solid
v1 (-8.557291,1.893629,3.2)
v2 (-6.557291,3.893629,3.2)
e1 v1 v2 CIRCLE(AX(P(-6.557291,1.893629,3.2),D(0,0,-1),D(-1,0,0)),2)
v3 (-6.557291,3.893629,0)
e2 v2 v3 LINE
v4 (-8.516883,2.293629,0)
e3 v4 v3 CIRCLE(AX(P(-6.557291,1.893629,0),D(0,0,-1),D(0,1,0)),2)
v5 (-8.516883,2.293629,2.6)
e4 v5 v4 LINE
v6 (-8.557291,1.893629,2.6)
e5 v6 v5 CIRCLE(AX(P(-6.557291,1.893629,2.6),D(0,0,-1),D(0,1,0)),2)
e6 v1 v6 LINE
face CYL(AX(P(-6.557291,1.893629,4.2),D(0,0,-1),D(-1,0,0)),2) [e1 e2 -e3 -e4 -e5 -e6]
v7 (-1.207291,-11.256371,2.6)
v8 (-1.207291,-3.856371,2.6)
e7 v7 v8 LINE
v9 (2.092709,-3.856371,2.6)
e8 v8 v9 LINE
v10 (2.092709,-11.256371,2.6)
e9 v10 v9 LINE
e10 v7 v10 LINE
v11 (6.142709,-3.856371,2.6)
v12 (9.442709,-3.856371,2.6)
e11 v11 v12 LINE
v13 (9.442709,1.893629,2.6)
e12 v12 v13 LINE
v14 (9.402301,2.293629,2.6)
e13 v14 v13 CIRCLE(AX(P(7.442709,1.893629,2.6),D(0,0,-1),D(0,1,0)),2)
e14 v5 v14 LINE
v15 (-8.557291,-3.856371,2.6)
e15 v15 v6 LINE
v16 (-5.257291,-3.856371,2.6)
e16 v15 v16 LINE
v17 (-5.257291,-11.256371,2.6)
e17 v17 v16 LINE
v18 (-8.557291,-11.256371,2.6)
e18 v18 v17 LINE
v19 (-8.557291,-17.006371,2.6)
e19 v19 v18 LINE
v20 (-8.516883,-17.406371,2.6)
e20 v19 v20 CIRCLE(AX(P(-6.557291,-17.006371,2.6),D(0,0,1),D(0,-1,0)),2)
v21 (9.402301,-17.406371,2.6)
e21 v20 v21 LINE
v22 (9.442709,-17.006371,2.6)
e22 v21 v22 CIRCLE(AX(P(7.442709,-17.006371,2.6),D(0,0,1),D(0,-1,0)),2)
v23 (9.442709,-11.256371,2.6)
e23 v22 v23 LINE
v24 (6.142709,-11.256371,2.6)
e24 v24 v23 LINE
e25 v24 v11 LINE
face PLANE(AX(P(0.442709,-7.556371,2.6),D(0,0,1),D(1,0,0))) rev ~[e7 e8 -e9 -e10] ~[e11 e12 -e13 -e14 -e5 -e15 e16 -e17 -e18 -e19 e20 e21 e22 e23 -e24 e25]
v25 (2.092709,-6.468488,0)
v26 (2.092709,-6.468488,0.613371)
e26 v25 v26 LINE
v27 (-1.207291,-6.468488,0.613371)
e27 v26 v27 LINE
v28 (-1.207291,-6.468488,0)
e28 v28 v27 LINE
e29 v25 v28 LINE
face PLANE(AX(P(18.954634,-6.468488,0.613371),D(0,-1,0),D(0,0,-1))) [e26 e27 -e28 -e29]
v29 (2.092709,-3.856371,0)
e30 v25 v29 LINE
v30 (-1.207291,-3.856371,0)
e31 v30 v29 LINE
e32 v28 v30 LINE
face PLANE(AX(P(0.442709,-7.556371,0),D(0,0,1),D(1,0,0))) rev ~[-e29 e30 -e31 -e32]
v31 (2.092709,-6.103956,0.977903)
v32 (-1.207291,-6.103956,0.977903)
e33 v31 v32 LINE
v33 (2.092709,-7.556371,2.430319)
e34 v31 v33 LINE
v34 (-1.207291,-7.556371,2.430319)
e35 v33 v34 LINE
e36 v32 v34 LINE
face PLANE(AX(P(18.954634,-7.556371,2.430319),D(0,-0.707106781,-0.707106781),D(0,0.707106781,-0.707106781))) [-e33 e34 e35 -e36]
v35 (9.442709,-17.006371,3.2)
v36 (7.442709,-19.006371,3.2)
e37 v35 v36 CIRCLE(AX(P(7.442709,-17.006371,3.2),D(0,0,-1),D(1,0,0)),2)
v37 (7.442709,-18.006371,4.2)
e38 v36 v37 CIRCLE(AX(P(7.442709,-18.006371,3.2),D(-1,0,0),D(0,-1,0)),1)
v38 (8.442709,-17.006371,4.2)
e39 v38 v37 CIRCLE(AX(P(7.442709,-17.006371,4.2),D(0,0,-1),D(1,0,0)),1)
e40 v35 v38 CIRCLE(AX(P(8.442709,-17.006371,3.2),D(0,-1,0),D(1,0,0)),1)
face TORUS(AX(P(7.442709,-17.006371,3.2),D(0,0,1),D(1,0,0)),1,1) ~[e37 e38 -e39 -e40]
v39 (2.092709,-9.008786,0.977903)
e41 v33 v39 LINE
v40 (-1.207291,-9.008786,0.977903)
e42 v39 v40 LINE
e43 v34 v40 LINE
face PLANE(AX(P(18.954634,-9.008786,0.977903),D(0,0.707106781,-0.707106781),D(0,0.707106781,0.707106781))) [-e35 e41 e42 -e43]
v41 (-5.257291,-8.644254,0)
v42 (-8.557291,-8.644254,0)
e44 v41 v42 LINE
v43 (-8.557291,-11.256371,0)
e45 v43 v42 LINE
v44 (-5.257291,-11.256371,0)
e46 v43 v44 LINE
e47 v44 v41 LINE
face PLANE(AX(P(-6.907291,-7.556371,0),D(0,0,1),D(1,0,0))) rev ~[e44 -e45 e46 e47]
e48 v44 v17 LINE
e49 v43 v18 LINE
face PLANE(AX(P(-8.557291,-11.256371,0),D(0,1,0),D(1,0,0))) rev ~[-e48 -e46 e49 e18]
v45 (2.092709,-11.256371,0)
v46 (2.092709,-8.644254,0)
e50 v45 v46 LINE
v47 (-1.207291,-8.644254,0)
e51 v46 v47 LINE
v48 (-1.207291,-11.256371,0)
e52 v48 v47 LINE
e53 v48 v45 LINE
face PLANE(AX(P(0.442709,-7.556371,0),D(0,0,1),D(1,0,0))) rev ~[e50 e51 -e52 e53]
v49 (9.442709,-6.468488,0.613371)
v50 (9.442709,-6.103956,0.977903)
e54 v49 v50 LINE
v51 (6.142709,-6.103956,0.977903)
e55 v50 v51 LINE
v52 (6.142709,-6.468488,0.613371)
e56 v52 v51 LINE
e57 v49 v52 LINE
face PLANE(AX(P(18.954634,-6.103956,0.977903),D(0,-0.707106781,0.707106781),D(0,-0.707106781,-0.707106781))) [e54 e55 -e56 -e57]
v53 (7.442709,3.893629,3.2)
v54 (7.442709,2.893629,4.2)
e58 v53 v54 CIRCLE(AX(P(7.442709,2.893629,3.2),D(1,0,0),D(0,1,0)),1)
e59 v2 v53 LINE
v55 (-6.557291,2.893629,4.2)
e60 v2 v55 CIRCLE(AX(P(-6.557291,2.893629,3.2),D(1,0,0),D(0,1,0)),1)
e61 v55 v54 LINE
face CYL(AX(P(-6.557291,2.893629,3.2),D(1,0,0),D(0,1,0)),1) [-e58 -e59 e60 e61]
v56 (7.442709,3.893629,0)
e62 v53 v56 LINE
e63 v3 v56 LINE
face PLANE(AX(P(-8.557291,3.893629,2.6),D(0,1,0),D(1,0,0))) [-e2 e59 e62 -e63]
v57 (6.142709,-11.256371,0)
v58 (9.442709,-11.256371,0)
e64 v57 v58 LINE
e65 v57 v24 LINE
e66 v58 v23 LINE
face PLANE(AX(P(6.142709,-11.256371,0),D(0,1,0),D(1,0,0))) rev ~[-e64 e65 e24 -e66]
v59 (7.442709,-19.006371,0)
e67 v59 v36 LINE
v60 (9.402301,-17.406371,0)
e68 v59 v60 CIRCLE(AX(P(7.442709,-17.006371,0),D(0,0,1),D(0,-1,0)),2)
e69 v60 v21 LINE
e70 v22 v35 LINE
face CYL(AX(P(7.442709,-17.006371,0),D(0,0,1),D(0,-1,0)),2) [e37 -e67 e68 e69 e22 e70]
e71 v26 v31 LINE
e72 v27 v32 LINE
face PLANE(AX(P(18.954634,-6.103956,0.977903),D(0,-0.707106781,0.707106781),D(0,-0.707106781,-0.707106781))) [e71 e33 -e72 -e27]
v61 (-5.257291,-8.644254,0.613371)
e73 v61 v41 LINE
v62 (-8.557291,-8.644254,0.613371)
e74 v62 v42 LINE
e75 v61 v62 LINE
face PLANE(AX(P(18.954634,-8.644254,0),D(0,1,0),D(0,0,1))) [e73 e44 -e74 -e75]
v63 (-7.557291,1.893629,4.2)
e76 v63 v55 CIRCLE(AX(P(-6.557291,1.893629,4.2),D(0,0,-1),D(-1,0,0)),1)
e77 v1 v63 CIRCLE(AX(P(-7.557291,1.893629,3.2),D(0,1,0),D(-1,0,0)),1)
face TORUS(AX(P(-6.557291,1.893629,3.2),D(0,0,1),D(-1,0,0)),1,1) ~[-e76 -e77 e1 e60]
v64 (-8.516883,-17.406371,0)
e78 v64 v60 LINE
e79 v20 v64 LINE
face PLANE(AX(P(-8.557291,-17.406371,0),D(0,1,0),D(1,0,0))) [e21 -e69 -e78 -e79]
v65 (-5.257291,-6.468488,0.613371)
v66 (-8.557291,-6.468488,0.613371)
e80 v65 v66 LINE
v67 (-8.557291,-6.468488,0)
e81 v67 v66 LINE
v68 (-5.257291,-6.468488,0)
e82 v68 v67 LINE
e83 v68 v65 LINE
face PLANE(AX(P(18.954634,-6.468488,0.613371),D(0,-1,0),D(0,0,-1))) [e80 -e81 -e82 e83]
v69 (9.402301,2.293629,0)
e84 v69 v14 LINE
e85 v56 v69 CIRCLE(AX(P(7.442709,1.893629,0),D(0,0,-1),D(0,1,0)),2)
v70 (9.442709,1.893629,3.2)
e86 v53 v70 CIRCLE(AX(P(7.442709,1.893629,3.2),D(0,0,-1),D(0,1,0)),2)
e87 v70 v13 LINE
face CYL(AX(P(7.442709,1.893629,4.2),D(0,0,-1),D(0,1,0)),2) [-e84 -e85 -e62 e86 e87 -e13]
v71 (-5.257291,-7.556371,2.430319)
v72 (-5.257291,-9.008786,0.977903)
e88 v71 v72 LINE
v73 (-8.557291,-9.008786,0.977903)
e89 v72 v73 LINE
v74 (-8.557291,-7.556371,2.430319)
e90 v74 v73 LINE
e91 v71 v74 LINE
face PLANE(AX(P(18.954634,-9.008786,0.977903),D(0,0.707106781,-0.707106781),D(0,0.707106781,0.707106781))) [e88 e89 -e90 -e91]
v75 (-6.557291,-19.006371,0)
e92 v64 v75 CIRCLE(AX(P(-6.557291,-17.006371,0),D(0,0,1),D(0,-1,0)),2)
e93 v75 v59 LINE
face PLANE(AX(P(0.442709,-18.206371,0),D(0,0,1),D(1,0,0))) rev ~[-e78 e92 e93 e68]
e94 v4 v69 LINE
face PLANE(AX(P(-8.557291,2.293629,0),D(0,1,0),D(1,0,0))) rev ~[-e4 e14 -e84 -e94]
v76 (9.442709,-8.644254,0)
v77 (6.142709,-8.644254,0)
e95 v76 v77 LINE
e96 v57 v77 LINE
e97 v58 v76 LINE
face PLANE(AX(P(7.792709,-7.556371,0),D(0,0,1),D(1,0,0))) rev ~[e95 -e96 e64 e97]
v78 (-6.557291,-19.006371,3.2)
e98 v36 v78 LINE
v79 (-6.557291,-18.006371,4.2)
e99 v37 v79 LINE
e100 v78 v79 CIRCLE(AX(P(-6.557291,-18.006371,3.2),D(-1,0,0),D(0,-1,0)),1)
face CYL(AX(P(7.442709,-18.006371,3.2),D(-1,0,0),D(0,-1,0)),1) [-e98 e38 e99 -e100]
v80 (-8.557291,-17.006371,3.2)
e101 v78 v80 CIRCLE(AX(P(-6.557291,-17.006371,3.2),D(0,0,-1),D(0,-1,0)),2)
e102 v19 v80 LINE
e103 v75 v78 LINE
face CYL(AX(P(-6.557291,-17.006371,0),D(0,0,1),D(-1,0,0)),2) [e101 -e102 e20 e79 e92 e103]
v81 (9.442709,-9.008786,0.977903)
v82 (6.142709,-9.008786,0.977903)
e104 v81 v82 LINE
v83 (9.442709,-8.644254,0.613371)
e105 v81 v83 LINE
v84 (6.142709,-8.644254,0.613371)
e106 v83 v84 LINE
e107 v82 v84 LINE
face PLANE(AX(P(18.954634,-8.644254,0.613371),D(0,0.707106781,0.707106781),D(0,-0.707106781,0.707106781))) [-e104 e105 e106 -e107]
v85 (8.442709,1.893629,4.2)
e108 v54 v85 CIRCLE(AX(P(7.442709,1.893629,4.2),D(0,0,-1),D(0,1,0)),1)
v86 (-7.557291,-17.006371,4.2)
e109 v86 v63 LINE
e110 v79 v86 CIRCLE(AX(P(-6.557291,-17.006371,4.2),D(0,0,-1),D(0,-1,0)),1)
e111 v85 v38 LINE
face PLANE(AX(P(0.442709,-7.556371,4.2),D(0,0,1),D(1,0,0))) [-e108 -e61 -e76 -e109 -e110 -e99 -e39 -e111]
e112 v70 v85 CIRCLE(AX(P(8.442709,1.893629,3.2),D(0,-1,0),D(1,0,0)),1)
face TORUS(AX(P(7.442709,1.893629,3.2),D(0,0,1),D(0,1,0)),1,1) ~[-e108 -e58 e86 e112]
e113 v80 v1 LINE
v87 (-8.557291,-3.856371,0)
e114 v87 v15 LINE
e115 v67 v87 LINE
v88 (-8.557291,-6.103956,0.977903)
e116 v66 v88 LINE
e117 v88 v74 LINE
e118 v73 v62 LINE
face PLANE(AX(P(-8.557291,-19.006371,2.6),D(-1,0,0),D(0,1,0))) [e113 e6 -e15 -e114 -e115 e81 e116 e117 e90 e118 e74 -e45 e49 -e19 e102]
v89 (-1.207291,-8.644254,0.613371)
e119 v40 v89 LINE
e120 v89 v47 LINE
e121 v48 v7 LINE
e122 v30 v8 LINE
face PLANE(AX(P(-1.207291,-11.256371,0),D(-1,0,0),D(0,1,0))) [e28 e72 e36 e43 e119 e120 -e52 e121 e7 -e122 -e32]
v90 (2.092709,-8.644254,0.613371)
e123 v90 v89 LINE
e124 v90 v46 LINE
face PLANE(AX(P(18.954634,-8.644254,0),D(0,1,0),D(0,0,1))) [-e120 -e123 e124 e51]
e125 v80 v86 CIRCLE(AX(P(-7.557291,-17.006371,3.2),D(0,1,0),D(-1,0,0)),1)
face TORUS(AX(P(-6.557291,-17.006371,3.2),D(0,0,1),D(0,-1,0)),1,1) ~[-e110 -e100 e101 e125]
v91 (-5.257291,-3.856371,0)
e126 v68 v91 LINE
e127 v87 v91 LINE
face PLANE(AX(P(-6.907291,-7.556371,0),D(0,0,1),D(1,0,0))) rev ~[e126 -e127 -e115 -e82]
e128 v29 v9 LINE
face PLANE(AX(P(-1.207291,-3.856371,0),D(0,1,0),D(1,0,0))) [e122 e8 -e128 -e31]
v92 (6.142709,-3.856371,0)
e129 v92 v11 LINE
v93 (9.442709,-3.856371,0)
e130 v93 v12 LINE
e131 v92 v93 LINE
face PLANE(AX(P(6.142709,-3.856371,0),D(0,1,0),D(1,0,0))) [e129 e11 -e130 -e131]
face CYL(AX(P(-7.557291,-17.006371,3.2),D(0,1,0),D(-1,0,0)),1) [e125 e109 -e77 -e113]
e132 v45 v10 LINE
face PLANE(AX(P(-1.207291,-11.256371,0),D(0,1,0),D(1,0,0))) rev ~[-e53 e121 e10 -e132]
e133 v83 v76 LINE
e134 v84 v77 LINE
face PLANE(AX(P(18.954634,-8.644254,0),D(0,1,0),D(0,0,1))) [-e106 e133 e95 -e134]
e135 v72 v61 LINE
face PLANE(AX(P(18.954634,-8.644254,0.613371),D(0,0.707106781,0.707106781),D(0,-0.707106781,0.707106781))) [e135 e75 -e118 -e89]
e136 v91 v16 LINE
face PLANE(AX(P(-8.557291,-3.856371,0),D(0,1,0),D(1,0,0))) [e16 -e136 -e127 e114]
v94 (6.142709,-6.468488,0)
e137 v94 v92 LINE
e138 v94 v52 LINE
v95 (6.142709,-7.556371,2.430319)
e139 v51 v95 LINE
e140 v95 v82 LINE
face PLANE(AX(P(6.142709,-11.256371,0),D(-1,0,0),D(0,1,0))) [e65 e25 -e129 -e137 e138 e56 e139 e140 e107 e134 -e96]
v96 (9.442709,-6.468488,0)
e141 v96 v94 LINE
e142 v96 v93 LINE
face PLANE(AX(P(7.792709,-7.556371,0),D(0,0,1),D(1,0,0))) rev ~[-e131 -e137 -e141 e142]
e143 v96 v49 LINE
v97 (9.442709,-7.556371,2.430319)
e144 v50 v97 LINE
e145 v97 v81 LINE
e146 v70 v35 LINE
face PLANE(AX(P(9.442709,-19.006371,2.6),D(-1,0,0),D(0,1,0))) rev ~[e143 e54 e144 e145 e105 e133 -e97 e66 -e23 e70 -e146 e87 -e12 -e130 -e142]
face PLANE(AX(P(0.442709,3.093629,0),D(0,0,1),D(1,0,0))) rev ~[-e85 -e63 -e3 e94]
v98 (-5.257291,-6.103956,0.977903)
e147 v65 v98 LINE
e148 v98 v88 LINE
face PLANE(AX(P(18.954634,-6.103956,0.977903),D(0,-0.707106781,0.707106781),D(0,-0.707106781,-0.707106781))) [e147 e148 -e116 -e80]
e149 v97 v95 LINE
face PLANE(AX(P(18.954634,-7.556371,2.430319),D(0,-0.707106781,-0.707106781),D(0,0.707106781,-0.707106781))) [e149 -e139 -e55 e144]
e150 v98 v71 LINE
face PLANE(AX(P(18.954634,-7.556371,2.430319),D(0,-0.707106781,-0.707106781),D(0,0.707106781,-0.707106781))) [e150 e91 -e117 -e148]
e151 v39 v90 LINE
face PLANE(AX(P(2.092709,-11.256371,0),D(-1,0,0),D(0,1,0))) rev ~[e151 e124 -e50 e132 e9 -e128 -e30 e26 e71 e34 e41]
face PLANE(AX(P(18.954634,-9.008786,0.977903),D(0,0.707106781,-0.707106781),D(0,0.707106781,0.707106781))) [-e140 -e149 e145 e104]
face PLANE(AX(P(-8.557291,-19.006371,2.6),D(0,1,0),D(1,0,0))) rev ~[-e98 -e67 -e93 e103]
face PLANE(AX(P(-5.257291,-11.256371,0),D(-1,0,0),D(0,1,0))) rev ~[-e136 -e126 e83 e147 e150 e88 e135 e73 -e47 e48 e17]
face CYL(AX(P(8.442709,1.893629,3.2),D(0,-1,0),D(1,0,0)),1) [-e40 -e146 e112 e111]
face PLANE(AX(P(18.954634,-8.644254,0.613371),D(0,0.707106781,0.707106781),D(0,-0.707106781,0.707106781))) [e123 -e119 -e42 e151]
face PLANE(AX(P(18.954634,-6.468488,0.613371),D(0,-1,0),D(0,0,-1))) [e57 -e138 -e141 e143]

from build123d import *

# Parameters (mm, degrees)
SKETCH1_W               = 3.3
SKETCH1_H               = 7.4
BOSS_EXTRUDE1_DEPTH     = 2.6
BOSS_EXTRUDE1_2_DEPTH   = 2.6
BOSS_EXTRUDE1_3_DEPTH   = 2.6
SKETCH1_W_2             = 18
SKETCH1_H_2             = 1.6
BOSS_EXTRUDE1_4_DEPTH   = 2.6
BOSS_EXTRUDE1_5_DEPTH   = 2.6
SKETCH3_W               = 18
SKETCH3_H               = 22.9
BOSS_EXTRUDE2_DEPTH     = 1.6
CUT_EXTRUDE1_DEPTH      = 27.511924597
CUT_EXTRUDE1_DEPTH_BACK = 27.511924597
FILLET1_R               = 2
FILLET2_R               = 1


with BuildPart() as part:
    # Sketch1 → Boss-Extrude1 (new body)
    with BuildSketch(Plane.XY):
        with Locations((-6.907290918, -7.556371191)):
            Rectangle(SKETCH1_W, SKETCH1_H)
    extrude(amount=BOSS_EXTRUDE1_DEPTH)



with BuildPart() as body_2:
    # Sketch1 → Boss-Extrude1 2 (new body)
    with BuildSketch(Plane.XY):
        with Locations((0.442709082, -7.556371191)):
            Rectangle(SKETCH1_W, SKETCH1_H)
    extrude(amount=BOSS_EXTRUDE1_2_DEPTH)


with BuildPart() as body_3:
    # Sketch1 → Boss-Extrude1 3 (new body)
    with BuildSketch(Plane.XY):
        with Locations((7.792709082, -7.556371191)):
            Rectangle(SKETCH1_W, SKETCH1_H)
    extrude(amount=BOSS_EXTRUDE1_3_DEPTH)


with BuildPart() as body_4:
    # Sketch1 → Boss-Extrude1 4 (new body)
    with BuildSketch(Plane.XY):
        with Locations((0.442709082, 3.093628809)):
            Rectangle(SKETCH1_W_2, SKETCH1_H_2)
    extrude(amount=BOSS_EXTRUDE1_4_DEPTH)


with BuildPart() as body_5:
    # Sketch1 → Boss-Extrude1 5 (new body)
    with BuildSketch(Plane.XY):
        with Locations((0.442709082, -18.206371191)):
            Rectangle(SKETCH1_W_2, SKETCH1_H_2)
    extrude(amount=BOSS_EXTRUDE1_5_DEPTH)


with BuildPart() as part_1:
    add(part.part)

    add(body_2.part)  # Boss-Extrude2 merges body 2

    add(body_3.part)  # Boss-Extrude2 merges body 3

    add(body_4.part)  # Boss-Extrude2 merges body 4

    add(body_5.part)  # Boss-Extrude2 merges body 5
    # Sketch3 → Boss-Extrude2 (add)
    with BuildSketch(Plane.XY.offset(2.6)):
        with Locations((0.442709082, -7.556371191)):
            Rectangle(SKETCH3_W, SKETCH3_H)
    extrude(amount=BOSS_EXTRUDE2_DEPTH)

    # Sketch4 → Cut-Extrude1 (cut, two sides: drawn at the far end of the back side and taken through both)
    with BuildSketch(Plane.ZY.offset(8.557290918).offset(-CUT_EXTRUDE1_DEPTH_BACK)):
        Polygon((1.342435563, -8.644254243), (0.613371363, -8.644254243), (0.977903463, -9.008786343), align=None)
        Polygon((2.430318615, -7.556371191), (1.342435563, -6.468488139), (1.342435563, -8.644254243), align=None)
        Polygon((0.977903463, -6.103956039), (0.613371363, -6.468488139), (1.342435563, -6.468488139), align=None)
        Polygon((0.613371363, -6.468488139), (0, -7.081859502), (0, -8.03088288), (0.613371363, -8.644254243), (1.342435563, -8.644254243), (1.342435563, -6.468488139), align=None)
        Polygon((0, -6.468488139), (0, -7.081859502), (0.613371363, -6.468488139), align=None)
        Polygon((0.613371363, -8.644254243), (0, -8.03088288), (0, -8.644254243), align=None)
    extrude(amount=CUT_EXTRUDE1_DEPTH + CUT_EXTRUDE1_DEPTH_BACK, mode=Mode.SUBTRACT)

    # Fillet1
    fillet1_edges = [part_1.edges().sort_by_distance(p)[0] for p in [
        (-8.557290918, 3.893628809, 2.1),
        (9.442709082, 3.893628809, 2.1),
        (9.442709082, -19.006371191, 2.1),
        (-8.557290918, -19.006371191, 2.1),
    ]]
    fillet(fillet1_edges, radius=FILLET1_R)

    # Fillet2
    fillet2_edges = [part_1.edges().sort_by_distance(p)[0] for p in [
        (-8.557290918, -7.556371191, 4.2),
        (0.442709082, 3.893628809, 4.2),
        (0.442709082, -19.006371191, 4.2),
        (9.442709082, -7.556371191, 4.2),
        (-7.97150448, -18.420584754, 4.2),
        (8.856922645, -18.420584754, 4.2),
        (8.856922645, 3.307842371, 4.2),
        (-7.97150448, 3.307842371, 4.2),
    ]]
    fillet(fillet2_edges, radius=FILLET2_R)


solid = part_1.part
